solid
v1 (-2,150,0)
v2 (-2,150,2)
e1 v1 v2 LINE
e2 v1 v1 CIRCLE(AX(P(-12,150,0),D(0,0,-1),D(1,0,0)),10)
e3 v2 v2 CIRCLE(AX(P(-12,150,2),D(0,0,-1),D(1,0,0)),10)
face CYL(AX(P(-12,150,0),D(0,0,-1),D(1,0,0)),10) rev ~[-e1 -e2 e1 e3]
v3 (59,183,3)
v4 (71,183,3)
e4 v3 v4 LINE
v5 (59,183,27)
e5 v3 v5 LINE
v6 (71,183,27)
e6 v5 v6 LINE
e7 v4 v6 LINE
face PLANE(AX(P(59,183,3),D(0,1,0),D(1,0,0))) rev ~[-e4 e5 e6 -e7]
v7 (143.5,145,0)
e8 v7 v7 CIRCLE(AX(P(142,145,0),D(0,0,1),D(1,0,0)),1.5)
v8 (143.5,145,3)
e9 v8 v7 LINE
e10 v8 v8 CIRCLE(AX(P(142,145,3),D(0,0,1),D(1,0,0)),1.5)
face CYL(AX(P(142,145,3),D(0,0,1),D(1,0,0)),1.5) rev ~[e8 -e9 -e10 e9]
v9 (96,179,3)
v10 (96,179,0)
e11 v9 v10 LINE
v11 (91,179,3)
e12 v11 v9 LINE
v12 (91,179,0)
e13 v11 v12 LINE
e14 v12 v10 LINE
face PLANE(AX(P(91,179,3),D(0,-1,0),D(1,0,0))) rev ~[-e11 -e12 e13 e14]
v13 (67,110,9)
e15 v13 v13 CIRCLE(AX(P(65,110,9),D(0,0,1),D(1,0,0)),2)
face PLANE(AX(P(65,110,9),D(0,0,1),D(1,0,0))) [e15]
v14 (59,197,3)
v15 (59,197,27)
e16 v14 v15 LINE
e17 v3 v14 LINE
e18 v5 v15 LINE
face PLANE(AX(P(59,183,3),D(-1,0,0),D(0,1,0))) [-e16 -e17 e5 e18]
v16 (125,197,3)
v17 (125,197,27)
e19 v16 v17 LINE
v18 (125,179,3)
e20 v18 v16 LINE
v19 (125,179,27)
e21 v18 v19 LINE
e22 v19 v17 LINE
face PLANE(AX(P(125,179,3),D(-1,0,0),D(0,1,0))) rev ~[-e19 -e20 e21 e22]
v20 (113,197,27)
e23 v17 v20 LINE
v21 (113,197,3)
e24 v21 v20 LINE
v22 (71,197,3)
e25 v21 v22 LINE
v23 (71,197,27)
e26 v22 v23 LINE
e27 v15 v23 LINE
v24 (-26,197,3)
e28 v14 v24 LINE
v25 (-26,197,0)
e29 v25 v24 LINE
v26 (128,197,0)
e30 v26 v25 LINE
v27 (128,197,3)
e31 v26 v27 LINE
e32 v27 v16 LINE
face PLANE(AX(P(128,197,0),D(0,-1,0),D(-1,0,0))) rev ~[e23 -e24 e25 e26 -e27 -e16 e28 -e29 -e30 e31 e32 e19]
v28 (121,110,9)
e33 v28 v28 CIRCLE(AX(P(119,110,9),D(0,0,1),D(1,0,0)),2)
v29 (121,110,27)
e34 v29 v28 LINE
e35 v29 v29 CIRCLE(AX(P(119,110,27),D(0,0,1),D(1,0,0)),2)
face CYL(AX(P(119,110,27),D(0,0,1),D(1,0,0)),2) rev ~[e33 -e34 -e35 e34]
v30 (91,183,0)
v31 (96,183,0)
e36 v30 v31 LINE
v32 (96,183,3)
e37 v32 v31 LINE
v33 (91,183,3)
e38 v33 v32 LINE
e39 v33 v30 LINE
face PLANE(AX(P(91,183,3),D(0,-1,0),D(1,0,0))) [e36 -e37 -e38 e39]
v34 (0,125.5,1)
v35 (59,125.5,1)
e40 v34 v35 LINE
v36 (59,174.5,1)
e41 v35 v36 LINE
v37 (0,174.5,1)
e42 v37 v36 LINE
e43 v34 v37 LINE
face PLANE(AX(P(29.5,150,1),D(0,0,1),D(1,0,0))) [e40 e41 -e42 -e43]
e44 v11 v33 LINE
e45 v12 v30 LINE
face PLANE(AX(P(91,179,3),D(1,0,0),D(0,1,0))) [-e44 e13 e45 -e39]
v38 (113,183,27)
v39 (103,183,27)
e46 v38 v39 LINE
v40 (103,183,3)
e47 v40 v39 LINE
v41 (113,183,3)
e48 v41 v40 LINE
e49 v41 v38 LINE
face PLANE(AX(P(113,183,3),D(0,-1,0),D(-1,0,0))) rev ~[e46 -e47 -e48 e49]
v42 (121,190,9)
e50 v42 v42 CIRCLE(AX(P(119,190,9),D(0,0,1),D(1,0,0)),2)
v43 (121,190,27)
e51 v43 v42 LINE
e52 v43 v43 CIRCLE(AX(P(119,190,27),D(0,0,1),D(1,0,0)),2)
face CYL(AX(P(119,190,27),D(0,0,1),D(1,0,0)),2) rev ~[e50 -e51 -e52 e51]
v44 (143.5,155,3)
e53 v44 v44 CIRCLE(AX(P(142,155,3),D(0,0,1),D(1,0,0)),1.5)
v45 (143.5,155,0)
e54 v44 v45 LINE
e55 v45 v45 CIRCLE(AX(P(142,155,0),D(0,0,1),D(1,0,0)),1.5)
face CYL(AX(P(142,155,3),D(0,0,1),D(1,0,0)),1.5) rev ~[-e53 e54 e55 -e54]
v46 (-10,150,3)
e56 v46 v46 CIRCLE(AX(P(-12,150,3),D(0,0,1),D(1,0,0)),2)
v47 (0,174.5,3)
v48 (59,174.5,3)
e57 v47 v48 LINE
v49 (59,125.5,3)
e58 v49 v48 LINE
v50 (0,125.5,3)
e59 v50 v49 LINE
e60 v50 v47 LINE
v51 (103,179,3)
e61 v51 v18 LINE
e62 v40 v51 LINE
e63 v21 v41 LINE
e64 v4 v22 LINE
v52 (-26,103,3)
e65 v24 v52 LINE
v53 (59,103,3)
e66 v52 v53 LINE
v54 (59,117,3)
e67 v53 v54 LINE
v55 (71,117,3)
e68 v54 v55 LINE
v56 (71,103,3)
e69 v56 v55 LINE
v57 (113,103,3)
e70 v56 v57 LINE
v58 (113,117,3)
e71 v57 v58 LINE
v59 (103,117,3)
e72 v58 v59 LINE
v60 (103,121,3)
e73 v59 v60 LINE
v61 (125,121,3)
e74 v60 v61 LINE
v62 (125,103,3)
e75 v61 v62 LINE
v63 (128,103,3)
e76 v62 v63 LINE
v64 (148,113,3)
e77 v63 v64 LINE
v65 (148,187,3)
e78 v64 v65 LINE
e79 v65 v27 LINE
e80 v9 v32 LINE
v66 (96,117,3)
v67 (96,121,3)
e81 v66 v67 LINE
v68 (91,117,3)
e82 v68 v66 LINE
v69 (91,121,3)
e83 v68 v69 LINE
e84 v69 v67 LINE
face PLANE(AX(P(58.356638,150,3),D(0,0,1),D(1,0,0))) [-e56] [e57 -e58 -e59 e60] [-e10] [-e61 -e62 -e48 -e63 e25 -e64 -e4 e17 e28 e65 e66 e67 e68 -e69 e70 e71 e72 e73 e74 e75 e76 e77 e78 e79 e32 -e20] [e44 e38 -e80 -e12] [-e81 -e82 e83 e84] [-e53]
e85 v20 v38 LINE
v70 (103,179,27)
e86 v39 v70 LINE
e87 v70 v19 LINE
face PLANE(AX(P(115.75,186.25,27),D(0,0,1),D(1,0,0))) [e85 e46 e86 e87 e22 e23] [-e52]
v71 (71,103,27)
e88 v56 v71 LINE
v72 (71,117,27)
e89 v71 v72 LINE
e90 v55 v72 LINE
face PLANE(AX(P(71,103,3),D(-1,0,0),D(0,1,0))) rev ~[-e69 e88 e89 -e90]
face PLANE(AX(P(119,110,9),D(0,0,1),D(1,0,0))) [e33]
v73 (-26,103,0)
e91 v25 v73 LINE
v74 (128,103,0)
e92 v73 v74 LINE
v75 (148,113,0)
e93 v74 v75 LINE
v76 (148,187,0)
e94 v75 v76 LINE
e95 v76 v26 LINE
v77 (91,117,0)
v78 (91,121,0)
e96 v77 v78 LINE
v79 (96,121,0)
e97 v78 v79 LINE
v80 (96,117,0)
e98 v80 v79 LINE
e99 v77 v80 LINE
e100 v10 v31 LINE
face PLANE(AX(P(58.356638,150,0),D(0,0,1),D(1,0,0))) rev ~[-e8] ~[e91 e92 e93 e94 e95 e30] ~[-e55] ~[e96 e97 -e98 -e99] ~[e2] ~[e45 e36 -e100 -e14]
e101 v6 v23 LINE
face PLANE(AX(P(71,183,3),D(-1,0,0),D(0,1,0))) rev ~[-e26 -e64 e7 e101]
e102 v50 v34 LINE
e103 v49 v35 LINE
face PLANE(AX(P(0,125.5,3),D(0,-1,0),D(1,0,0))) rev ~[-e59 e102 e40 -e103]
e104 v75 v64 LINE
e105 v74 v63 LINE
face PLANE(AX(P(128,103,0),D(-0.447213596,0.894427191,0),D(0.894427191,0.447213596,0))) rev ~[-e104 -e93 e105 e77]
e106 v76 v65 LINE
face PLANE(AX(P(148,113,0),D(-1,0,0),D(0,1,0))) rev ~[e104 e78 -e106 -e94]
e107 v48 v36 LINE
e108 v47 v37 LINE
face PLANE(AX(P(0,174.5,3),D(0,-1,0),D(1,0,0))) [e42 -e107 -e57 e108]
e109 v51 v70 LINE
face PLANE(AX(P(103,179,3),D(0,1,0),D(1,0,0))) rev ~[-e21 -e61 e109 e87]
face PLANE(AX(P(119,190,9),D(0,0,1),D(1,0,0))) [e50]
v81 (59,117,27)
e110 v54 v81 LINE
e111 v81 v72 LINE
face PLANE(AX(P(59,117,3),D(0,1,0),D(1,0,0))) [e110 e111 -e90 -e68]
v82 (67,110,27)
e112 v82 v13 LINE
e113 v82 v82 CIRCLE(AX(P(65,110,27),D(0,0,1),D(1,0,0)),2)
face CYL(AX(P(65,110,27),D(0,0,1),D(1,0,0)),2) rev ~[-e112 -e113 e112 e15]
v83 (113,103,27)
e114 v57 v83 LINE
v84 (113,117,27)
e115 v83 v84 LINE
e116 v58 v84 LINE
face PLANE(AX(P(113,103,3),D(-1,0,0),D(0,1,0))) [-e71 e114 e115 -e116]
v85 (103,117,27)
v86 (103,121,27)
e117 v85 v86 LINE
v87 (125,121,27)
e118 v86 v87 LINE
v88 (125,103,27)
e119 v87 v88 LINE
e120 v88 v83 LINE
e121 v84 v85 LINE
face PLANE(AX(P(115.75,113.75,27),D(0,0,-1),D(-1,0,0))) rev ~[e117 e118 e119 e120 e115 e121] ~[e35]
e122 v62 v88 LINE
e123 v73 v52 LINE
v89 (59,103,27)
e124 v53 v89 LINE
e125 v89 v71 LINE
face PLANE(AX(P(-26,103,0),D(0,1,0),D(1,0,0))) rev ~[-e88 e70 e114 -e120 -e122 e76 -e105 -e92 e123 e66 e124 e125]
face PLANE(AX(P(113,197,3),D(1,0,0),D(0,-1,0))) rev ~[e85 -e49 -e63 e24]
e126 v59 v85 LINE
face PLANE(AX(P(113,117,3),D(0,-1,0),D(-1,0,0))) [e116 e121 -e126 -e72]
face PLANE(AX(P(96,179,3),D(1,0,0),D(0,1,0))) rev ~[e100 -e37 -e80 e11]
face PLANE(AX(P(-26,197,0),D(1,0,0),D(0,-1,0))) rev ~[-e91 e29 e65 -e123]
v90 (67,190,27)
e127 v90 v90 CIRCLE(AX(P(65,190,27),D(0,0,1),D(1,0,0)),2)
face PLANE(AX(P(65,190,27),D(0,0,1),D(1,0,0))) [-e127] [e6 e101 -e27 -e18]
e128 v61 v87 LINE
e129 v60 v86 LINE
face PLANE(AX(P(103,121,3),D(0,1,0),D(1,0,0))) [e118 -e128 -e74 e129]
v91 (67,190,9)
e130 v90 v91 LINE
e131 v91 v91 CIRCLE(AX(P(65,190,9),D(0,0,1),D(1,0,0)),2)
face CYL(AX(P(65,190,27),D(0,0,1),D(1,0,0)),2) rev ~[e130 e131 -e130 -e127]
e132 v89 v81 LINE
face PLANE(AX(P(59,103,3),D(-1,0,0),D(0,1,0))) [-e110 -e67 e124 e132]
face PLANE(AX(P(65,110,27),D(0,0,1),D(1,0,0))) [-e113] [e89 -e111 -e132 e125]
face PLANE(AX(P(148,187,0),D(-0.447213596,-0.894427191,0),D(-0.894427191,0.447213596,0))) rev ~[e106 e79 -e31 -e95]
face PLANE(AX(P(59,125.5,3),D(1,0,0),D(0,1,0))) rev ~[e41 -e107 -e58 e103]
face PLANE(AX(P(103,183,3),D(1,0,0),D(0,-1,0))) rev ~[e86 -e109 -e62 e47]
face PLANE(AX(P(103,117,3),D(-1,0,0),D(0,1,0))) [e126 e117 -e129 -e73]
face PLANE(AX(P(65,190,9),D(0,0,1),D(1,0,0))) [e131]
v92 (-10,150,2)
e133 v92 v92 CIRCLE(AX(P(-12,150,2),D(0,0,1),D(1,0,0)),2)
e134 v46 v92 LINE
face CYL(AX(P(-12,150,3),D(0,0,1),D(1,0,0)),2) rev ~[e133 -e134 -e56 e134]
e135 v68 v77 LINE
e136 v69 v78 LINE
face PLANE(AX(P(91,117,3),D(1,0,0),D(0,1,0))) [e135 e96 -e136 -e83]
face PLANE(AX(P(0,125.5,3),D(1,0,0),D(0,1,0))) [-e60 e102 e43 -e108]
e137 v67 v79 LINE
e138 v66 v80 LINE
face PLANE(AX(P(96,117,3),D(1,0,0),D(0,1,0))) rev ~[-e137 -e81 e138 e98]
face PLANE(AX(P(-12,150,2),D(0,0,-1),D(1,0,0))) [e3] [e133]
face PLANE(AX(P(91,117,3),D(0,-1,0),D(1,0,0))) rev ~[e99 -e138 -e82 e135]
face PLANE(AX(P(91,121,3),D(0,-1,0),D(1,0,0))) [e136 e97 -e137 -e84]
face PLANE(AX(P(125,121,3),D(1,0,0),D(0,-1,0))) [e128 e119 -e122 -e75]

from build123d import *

# Parameters (mm, degrees)
PAD_DEPTH       = 3
SKETCH001_W     = 59
SKETCH001_H     = 49
POCKET_DEPTH    = 2
SKETCH002_W     = 12
SKETCH002_H     = 14
PAD001_DEPTH    = 24
SKETCH003_R     = 2
SKETCH003_R_2   = 1.5
SKETCH003_W     = 5
SKETCH003_H     = 4
POCKET001_DEPTH = 3.001
SKETCH004_R     = 10
POCKET002_DEPTH = 2
SKETCH005_R     = 2
POCKET003_DEPTH = 18


with BuildPart() as part:
    # Sketch → Pad (new body)
    with BuildSketch(Plane(origin=(0, 150, 0), x_dir=(1, 0, 0), z_dir=(0, 0, 1))):
        Polygon((-26, 47), (-26, -47), (128, -47), (148, -37), (148, 37), (128, 47), align=None)
    extrude(amount=PAD_DEPTH)

    # Sketch001 → Pocket (cut)
    with BuildSketch(Plane(origin=(0, 150, 3), x_dir=(1, 0, 0), z_dir=(0, 0, 1))):
        with Locations((29.5, 0)):
            Rectangle(SKETCH001_W, SKETCH001_H)
    extrude(amount=-POCKET_DEPTH, mode=Mode.SUBTRACT)

    # Sketch002 → Pad001 (new body)
    with BuildSketch(Plane(origin=(0, 150, 3), x_dir=(1, 0, 0), z_dir=(0, 0, 1))):
        with Locations((65, 40)):
            Rectangle(SKETCH002_W, SKETCH002_H)
        with Locations((65, -40)):
            Rectangle(SKETCH002_W, SKETCH002_H)
        Polygon((103, 29), (125, 29), (125, 47), (113, 47), (113, 33), (103, 33), align=None)
        Polygon((103, -29), (125, -29), (125, -47), (113, -47), (113, -33), (103, -33), align=None)
    extrude(amount=PAD001_DEPTH)

    # Sketch003 → Pocket001 (cut, through all)
    with BuildSketch(Plane(origin=(0, 150, 3), x_dir=(1, 0, 0), z_dir=(0, 0, 1))):
        with Locations((-12, 0)):
            Circle(SKETCH003_R)
        with Locations((142, 5)):
            Circle(SKETCH003_R_2)
        with Locations((142, -5)):
            Circle(SKETCH003_R_2)
        with Locations((93.5, 31)):
            Rectangle(SKETCH003_W, SKETCH003_H)
        with Locations((93.5, -31)):
            Rectangle(SKETCH003_W, SKETCH003_H)
    extrude(amount=-POCKET001_DEPTH, mode=Mode.SUBTRACT)

    # Sketch004 → Pocket002 (cut)
    with BuildSketch(Plane(origin=(0, 150, 0), x_dir=(1, 0, 0), z_dir=(0, 0, -1))):
        with Locations((-12, 0)):
            Circle(SKETCH004_R)
    extrude(amount=-POCKET002_DEPTH, mode=Mode.SUBTRACT)

    # Sketch005 → Pocket003 (cut)
    with BuildSketch(Plane(origin=(0, 150, 27), x_dir=(1, 0, 0), z_dir=(0, 0, 1))):
        with Locations((119, 40)):
            Circle(SKETCH005_R)
        with Locations((65, 40)):
            Circle(SKETCH005_R)
        with Locations((119, -40)):
            Circle(SKETCH005_R)
        with Locations((65, -40)):
            Circle(SKETCH005_R)
    extrude(amount=-POCKET003_DEPTH, mode=Mode.SUBTRACT)


solid = part.part
